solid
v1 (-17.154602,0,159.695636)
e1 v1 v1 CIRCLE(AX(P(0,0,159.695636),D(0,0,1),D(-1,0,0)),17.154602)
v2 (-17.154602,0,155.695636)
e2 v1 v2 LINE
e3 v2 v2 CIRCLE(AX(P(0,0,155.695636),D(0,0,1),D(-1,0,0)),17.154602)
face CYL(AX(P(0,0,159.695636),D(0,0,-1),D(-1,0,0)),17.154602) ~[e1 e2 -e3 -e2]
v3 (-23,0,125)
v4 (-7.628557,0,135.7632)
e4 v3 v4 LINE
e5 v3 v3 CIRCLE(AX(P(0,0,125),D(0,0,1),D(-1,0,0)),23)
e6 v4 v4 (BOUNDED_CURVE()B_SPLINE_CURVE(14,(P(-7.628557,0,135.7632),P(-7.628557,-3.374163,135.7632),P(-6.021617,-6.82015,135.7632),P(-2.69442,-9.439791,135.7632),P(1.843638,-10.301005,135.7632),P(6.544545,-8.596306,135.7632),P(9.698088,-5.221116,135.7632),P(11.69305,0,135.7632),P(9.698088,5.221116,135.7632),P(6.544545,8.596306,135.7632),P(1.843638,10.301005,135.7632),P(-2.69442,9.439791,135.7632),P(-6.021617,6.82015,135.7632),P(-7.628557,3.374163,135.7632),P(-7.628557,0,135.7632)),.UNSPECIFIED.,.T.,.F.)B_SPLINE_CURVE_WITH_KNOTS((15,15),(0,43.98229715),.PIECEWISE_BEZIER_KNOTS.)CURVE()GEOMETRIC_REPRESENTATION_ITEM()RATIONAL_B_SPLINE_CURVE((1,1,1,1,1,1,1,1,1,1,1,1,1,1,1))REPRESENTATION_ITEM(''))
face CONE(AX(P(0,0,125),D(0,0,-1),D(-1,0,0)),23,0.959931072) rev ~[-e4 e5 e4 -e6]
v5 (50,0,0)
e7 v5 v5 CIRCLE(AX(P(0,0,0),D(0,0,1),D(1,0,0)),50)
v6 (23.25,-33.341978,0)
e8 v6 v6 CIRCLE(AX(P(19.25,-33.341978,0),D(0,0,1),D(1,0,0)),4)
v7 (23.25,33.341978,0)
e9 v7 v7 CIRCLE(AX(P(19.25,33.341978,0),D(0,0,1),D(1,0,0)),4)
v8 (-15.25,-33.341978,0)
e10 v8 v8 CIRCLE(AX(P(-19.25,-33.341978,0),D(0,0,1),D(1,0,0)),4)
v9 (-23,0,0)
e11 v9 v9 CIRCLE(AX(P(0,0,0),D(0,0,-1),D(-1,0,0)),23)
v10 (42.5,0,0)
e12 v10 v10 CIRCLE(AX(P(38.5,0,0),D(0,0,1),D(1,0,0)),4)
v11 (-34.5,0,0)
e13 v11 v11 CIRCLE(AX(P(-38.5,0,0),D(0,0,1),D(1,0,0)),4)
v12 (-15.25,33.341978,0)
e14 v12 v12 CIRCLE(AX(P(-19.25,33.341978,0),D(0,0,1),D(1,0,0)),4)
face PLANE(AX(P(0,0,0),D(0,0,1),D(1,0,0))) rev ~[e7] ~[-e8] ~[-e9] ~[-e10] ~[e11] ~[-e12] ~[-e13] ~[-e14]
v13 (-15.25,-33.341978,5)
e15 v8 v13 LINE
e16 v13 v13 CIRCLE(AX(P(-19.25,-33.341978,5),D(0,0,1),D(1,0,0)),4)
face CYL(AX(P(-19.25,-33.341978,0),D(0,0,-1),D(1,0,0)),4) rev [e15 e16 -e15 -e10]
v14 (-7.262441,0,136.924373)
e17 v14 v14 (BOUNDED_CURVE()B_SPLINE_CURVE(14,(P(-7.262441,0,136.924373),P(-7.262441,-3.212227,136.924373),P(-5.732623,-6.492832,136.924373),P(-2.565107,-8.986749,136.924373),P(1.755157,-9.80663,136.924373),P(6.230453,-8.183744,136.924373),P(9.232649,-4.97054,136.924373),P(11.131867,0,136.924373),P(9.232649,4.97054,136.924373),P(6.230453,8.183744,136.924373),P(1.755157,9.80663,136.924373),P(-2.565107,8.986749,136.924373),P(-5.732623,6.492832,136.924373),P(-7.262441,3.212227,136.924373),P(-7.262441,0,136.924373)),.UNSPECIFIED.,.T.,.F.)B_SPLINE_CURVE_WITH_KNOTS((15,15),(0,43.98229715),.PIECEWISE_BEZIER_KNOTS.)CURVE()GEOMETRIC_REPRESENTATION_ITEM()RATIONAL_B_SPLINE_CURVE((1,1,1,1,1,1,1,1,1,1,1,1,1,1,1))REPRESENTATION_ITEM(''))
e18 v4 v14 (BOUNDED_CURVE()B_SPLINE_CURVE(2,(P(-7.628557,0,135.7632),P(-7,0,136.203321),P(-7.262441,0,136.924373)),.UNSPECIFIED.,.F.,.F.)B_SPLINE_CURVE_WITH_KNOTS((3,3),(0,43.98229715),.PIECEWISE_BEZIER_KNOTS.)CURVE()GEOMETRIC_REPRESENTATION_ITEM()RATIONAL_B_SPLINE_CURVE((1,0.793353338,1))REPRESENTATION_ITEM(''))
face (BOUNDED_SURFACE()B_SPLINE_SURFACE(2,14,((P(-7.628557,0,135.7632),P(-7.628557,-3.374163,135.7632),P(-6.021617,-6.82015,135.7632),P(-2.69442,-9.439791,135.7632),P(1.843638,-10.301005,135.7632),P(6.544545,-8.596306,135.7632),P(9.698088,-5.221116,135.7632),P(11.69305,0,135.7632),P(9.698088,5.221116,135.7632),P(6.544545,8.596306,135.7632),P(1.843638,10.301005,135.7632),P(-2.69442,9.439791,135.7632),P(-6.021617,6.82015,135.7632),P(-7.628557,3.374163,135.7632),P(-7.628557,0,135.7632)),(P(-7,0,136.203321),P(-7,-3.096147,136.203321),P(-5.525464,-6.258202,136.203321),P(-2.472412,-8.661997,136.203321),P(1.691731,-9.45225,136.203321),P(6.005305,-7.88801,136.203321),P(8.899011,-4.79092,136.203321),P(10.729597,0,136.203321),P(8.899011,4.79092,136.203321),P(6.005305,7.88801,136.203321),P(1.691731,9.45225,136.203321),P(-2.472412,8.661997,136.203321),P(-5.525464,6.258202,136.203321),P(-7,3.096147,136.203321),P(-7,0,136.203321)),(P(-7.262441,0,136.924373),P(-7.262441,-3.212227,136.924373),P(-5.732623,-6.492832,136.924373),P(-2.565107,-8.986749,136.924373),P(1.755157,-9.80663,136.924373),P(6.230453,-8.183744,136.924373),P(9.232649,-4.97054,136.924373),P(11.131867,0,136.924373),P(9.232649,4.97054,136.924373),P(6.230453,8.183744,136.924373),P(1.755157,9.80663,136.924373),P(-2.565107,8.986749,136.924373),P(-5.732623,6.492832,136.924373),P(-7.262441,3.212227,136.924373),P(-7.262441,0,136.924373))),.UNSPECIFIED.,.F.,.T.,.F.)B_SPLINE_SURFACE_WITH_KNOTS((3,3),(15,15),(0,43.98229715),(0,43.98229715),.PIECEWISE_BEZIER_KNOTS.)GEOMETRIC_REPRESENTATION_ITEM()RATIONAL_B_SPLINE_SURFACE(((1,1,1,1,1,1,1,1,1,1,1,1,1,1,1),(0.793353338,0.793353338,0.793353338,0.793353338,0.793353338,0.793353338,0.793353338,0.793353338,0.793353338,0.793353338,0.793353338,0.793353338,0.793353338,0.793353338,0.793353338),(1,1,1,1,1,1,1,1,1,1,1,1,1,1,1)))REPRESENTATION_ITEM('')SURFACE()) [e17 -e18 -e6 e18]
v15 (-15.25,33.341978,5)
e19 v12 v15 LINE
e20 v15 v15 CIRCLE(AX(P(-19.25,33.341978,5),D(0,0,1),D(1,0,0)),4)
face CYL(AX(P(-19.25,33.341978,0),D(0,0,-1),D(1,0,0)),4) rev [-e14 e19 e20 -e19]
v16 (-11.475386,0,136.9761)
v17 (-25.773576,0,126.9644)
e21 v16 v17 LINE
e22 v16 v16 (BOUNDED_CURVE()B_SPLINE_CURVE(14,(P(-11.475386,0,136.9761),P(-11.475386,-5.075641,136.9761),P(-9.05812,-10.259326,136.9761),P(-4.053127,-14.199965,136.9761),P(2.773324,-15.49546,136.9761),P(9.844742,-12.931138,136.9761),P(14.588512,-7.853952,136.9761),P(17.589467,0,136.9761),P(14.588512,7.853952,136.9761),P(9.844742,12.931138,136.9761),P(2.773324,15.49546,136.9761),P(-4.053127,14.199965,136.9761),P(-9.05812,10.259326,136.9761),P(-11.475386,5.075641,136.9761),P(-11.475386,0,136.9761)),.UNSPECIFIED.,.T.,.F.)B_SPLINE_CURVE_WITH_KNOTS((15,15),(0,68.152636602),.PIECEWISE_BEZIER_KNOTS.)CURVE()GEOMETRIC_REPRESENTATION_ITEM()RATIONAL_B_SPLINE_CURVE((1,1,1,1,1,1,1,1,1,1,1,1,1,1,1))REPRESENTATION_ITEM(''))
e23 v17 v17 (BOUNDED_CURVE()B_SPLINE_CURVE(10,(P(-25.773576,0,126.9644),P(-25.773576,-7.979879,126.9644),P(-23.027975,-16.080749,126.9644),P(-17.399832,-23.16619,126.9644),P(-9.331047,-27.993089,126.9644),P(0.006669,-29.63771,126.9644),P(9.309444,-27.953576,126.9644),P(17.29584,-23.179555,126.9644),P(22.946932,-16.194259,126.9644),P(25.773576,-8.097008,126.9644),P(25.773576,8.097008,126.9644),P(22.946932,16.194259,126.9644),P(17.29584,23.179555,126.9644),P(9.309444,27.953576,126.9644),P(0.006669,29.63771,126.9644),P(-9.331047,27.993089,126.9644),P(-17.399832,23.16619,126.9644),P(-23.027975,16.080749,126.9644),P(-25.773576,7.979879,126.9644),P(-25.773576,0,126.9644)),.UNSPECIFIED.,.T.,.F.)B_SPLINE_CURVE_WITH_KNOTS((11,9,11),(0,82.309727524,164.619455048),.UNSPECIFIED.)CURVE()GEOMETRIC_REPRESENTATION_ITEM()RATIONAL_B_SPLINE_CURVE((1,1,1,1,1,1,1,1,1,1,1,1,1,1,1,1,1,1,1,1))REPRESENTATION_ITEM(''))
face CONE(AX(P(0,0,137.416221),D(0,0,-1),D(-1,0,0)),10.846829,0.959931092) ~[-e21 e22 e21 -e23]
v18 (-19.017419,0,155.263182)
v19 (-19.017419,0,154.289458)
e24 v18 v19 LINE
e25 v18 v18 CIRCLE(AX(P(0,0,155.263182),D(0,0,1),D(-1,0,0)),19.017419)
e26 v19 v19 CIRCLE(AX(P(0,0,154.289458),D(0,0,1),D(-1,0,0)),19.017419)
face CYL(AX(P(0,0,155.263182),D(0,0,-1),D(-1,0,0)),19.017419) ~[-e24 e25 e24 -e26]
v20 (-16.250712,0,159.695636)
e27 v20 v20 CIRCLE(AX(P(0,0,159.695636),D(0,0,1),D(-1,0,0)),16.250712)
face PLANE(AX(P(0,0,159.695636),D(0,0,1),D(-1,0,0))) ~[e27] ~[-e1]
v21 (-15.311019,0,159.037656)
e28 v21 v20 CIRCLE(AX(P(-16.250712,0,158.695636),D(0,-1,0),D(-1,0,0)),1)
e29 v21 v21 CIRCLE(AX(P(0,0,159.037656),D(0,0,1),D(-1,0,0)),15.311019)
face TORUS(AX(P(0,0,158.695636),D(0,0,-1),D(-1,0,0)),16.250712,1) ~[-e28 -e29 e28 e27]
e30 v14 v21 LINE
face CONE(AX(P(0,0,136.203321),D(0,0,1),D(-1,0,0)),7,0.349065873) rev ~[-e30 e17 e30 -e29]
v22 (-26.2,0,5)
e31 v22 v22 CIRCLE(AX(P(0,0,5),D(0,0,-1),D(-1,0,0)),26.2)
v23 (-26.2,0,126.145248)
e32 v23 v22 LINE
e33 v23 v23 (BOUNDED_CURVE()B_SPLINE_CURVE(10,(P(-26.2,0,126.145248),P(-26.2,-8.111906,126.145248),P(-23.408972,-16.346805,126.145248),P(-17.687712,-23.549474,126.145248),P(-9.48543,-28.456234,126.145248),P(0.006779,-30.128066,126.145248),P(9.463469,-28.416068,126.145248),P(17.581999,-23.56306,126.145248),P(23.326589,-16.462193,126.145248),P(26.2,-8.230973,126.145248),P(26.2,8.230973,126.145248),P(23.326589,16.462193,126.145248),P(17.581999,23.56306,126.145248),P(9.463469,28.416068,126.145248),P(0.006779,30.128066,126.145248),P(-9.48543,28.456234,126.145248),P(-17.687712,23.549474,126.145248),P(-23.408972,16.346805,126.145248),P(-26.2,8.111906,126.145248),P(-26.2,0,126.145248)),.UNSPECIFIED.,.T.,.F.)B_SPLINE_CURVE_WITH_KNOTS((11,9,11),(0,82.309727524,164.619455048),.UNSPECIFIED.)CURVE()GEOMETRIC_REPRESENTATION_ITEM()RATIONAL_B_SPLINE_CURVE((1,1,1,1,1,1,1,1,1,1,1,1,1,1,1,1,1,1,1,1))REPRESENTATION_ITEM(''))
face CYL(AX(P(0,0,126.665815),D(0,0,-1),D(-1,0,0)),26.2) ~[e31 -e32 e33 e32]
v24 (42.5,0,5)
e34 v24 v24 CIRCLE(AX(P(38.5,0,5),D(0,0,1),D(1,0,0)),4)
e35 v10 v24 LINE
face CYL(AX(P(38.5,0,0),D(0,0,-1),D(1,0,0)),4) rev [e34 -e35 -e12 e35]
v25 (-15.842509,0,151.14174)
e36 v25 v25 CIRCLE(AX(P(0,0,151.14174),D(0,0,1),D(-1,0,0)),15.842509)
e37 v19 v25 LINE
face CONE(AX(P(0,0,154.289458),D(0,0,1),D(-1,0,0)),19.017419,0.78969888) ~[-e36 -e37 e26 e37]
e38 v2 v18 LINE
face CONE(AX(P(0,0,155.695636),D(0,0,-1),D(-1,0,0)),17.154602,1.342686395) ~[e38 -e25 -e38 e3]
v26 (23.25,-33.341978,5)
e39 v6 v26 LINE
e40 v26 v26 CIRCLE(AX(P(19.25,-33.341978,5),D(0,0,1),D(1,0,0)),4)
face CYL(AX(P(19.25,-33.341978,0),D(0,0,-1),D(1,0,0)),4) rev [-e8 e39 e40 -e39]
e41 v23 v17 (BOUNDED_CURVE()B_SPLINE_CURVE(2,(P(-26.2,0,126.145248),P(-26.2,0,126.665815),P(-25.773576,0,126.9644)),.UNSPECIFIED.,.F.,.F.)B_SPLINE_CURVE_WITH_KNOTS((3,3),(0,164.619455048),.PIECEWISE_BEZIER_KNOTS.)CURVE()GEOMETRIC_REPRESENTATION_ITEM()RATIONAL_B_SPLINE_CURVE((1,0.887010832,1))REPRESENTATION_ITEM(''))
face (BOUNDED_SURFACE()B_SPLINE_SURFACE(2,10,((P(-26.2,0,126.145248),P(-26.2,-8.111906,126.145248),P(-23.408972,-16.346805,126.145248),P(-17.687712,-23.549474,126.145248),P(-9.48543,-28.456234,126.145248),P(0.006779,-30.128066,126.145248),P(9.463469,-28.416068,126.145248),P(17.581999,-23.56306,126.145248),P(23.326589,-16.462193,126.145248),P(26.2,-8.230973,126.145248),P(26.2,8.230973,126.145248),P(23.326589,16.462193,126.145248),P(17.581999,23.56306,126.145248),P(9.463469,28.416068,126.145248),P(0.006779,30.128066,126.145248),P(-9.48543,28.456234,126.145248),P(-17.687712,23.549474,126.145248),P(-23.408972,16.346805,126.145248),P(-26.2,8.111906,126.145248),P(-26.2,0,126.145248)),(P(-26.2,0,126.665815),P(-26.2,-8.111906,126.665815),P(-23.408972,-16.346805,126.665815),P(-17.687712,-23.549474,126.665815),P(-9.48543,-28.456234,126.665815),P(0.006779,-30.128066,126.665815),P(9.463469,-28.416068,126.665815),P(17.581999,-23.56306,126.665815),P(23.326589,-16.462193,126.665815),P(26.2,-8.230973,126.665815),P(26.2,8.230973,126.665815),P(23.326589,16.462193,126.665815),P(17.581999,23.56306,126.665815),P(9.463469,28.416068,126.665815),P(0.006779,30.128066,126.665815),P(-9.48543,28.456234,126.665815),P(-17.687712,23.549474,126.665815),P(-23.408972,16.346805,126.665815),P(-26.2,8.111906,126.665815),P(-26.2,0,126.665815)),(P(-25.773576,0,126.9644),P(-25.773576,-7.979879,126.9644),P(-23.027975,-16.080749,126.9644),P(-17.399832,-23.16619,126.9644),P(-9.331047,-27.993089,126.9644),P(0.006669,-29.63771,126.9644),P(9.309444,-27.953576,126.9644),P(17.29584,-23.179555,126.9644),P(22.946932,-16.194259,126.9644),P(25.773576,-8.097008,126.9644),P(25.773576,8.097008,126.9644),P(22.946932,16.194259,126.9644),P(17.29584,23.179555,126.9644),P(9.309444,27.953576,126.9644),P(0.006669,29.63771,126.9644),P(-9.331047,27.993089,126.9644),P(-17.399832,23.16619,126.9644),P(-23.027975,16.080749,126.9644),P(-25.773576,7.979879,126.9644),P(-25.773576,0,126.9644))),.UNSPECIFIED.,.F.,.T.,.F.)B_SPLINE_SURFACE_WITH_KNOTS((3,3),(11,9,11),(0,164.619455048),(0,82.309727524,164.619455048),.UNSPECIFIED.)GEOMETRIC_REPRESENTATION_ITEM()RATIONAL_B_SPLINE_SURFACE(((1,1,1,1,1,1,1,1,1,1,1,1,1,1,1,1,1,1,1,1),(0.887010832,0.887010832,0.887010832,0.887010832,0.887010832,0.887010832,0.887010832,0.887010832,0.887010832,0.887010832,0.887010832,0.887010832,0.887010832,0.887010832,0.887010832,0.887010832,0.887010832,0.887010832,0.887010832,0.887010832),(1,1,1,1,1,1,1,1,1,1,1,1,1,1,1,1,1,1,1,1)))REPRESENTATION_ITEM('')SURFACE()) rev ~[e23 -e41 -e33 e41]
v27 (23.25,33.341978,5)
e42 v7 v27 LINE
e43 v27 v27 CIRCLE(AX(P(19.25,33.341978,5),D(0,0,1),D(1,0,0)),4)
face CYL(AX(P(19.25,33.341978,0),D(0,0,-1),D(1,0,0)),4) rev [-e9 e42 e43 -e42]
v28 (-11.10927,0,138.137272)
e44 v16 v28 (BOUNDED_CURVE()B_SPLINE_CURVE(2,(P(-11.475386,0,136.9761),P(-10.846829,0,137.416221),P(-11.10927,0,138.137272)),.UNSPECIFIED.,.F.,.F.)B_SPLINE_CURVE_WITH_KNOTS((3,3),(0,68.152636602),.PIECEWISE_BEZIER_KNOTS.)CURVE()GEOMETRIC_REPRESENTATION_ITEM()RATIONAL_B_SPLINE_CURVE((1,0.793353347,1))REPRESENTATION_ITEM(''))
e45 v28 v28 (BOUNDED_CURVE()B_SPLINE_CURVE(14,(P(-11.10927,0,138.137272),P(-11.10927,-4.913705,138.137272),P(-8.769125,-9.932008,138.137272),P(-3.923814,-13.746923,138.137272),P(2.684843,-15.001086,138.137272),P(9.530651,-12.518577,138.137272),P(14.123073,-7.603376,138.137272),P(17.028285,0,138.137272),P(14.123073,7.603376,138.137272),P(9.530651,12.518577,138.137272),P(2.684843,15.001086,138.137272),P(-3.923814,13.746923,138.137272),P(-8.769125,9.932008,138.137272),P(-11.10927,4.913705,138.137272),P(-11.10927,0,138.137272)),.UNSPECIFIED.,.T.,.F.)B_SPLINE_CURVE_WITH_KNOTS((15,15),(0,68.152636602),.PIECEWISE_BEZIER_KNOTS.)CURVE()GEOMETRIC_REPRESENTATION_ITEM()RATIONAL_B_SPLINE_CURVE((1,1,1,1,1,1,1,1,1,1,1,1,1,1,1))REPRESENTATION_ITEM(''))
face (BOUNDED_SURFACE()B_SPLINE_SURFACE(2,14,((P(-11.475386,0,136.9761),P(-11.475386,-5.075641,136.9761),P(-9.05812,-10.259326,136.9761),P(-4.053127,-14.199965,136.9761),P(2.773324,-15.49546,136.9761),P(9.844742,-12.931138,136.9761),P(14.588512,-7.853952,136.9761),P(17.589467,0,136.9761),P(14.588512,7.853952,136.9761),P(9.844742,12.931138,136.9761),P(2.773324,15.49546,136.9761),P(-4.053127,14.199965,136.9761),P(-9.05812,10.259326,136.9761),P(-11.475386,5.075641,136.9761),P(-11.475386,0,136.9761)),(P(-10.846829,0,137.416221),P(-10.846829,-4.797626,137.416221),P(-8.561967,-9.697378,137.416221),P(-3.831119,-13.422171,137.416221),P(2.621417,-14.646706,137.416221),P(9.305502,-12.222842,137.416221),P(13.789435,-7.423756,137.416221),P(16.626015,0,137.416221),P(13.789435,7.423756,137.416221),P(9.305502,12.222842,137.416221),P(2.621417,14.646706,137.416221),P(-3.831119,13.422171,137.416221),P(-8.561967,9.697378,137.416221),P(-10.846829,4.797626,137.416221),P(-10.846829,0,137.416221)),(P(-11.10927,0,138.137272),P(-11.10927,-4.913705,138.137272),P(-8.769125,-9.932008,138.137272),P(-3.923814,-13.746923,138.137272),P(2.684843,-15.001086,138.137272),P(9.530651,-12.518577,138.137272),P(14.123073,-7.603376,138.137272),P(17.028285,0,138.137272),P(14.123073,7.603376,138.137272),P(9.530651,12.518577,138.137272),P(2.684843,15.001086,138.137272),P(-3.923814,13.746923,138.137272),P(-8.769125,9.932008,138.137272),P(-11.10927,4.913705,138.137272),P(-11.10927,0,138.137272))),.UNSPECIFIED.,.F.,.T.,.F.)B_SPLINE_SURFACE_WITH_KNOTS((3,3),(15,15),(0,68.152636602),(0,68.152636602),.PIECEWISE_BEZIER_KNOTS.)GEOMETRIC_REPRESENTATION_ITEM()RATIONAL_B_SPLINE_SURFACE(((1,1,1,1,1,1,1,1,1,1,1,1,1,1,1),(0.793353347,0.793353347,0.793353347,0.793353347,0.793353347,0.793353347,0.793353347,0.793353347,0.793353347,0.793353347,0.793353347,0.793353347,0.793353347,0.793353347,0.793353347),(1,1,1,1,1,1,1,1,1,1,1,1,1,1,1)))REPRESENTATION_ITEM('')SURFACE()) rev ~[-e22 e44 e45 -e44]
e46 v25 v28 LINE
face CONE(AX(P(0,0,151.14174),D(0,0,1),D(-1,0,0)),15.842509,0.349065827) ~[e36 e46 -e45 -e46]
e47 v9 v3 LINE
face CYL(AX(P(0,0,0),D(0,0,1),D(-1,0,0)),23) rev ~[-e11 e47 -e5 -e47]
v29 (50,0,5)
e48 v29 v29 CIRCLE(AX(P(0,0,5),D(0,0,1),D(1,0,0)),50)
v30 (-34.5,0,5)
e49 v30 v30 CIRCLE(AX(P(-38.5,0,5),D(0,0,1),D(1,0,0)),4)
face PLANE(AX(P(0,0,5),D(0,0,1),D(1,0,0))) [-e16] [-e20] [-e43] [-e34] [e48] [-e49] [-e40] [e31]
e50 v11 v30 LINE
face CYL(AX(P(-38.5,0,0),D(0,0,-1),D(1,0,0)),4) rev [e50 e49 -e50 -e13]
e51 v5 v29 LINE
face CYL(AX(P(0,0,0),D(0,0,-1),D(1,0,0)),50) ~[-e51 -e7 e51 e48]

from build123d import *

# Parameters (mm, degrees)
F0_R     = 50
F0_R_2   = 4
F0_R_3   = 23
F2_DEPTH = 5
F4_R     = 1
F5_R     = 1


with BuildPart() as f2:
    # F0 (on Top) → F2 (new body)
    with BuildSketch(Plane.XY):
        Circle(F0_R)
        with Locations((-19.25, -33.341978)):
            Circle(F0_R_2, mode=Mode.SUBTRACT)
        with Locations((19.25, -33.341978)):
            Circle(F0_R_2, mode=Mode.SUBTRACT)
        with Locations((-38.5, 0)):
            Circle(F0_R_2, mode=Mode.SUBTRACT)
        with Locations((-19.25, 33.341978)):
            Circle(F0_R_2, mode=Mode.SUBTRACT)
        Circle(F0_R_3, mode=Mode.SUBTRACT)
        with Locations((38.5, 0)):
            Circle(F0_R_2, mode=Mode.SUBTRACT)
        with Locations((19.25, 33.341978)):
            Circle(F0_R_2, mode=Mode.SUBTRACT)
    extrude(amount=F2_DEPTH)

    # F1 (on Front) → F3 (revolve)
    with BuildSketch(Plane.XZ):
        Polygon((-26.2, 0), (-23, 0), (-23, 125), (-7, 136.203321), (-15.550504, 159.695636), (-17.154602, 159.695636), (-17.154602, 155.695636), (-19.017419, 155.263182), (-19.017419, 154.289458), (-15.842509, 151.14174), (-10.846829, 137.416221), (-26.2, 126.665815), align=None)
    revolve(axis=Axis((0, 0, 80), (0, 0, 1)))

    # F4
    f4_edges = [f2.edges().sort_by_distance(p)[0] for p in [
        (7, 0, 136.203321),
        (26.2, 0, 126.665815),
        (15.550504, 0, 159.695636),
    ]]
    fillet(f4_edges, radius=F4_R)

    # F5
    f5_edges = [f2.edges().sort_by_distance(p)[0] for p in [
        (10.846829, 0, 137.416221),
    ]]
    fillet(f5_edges, radius=F5_R)


solid = f2.part
